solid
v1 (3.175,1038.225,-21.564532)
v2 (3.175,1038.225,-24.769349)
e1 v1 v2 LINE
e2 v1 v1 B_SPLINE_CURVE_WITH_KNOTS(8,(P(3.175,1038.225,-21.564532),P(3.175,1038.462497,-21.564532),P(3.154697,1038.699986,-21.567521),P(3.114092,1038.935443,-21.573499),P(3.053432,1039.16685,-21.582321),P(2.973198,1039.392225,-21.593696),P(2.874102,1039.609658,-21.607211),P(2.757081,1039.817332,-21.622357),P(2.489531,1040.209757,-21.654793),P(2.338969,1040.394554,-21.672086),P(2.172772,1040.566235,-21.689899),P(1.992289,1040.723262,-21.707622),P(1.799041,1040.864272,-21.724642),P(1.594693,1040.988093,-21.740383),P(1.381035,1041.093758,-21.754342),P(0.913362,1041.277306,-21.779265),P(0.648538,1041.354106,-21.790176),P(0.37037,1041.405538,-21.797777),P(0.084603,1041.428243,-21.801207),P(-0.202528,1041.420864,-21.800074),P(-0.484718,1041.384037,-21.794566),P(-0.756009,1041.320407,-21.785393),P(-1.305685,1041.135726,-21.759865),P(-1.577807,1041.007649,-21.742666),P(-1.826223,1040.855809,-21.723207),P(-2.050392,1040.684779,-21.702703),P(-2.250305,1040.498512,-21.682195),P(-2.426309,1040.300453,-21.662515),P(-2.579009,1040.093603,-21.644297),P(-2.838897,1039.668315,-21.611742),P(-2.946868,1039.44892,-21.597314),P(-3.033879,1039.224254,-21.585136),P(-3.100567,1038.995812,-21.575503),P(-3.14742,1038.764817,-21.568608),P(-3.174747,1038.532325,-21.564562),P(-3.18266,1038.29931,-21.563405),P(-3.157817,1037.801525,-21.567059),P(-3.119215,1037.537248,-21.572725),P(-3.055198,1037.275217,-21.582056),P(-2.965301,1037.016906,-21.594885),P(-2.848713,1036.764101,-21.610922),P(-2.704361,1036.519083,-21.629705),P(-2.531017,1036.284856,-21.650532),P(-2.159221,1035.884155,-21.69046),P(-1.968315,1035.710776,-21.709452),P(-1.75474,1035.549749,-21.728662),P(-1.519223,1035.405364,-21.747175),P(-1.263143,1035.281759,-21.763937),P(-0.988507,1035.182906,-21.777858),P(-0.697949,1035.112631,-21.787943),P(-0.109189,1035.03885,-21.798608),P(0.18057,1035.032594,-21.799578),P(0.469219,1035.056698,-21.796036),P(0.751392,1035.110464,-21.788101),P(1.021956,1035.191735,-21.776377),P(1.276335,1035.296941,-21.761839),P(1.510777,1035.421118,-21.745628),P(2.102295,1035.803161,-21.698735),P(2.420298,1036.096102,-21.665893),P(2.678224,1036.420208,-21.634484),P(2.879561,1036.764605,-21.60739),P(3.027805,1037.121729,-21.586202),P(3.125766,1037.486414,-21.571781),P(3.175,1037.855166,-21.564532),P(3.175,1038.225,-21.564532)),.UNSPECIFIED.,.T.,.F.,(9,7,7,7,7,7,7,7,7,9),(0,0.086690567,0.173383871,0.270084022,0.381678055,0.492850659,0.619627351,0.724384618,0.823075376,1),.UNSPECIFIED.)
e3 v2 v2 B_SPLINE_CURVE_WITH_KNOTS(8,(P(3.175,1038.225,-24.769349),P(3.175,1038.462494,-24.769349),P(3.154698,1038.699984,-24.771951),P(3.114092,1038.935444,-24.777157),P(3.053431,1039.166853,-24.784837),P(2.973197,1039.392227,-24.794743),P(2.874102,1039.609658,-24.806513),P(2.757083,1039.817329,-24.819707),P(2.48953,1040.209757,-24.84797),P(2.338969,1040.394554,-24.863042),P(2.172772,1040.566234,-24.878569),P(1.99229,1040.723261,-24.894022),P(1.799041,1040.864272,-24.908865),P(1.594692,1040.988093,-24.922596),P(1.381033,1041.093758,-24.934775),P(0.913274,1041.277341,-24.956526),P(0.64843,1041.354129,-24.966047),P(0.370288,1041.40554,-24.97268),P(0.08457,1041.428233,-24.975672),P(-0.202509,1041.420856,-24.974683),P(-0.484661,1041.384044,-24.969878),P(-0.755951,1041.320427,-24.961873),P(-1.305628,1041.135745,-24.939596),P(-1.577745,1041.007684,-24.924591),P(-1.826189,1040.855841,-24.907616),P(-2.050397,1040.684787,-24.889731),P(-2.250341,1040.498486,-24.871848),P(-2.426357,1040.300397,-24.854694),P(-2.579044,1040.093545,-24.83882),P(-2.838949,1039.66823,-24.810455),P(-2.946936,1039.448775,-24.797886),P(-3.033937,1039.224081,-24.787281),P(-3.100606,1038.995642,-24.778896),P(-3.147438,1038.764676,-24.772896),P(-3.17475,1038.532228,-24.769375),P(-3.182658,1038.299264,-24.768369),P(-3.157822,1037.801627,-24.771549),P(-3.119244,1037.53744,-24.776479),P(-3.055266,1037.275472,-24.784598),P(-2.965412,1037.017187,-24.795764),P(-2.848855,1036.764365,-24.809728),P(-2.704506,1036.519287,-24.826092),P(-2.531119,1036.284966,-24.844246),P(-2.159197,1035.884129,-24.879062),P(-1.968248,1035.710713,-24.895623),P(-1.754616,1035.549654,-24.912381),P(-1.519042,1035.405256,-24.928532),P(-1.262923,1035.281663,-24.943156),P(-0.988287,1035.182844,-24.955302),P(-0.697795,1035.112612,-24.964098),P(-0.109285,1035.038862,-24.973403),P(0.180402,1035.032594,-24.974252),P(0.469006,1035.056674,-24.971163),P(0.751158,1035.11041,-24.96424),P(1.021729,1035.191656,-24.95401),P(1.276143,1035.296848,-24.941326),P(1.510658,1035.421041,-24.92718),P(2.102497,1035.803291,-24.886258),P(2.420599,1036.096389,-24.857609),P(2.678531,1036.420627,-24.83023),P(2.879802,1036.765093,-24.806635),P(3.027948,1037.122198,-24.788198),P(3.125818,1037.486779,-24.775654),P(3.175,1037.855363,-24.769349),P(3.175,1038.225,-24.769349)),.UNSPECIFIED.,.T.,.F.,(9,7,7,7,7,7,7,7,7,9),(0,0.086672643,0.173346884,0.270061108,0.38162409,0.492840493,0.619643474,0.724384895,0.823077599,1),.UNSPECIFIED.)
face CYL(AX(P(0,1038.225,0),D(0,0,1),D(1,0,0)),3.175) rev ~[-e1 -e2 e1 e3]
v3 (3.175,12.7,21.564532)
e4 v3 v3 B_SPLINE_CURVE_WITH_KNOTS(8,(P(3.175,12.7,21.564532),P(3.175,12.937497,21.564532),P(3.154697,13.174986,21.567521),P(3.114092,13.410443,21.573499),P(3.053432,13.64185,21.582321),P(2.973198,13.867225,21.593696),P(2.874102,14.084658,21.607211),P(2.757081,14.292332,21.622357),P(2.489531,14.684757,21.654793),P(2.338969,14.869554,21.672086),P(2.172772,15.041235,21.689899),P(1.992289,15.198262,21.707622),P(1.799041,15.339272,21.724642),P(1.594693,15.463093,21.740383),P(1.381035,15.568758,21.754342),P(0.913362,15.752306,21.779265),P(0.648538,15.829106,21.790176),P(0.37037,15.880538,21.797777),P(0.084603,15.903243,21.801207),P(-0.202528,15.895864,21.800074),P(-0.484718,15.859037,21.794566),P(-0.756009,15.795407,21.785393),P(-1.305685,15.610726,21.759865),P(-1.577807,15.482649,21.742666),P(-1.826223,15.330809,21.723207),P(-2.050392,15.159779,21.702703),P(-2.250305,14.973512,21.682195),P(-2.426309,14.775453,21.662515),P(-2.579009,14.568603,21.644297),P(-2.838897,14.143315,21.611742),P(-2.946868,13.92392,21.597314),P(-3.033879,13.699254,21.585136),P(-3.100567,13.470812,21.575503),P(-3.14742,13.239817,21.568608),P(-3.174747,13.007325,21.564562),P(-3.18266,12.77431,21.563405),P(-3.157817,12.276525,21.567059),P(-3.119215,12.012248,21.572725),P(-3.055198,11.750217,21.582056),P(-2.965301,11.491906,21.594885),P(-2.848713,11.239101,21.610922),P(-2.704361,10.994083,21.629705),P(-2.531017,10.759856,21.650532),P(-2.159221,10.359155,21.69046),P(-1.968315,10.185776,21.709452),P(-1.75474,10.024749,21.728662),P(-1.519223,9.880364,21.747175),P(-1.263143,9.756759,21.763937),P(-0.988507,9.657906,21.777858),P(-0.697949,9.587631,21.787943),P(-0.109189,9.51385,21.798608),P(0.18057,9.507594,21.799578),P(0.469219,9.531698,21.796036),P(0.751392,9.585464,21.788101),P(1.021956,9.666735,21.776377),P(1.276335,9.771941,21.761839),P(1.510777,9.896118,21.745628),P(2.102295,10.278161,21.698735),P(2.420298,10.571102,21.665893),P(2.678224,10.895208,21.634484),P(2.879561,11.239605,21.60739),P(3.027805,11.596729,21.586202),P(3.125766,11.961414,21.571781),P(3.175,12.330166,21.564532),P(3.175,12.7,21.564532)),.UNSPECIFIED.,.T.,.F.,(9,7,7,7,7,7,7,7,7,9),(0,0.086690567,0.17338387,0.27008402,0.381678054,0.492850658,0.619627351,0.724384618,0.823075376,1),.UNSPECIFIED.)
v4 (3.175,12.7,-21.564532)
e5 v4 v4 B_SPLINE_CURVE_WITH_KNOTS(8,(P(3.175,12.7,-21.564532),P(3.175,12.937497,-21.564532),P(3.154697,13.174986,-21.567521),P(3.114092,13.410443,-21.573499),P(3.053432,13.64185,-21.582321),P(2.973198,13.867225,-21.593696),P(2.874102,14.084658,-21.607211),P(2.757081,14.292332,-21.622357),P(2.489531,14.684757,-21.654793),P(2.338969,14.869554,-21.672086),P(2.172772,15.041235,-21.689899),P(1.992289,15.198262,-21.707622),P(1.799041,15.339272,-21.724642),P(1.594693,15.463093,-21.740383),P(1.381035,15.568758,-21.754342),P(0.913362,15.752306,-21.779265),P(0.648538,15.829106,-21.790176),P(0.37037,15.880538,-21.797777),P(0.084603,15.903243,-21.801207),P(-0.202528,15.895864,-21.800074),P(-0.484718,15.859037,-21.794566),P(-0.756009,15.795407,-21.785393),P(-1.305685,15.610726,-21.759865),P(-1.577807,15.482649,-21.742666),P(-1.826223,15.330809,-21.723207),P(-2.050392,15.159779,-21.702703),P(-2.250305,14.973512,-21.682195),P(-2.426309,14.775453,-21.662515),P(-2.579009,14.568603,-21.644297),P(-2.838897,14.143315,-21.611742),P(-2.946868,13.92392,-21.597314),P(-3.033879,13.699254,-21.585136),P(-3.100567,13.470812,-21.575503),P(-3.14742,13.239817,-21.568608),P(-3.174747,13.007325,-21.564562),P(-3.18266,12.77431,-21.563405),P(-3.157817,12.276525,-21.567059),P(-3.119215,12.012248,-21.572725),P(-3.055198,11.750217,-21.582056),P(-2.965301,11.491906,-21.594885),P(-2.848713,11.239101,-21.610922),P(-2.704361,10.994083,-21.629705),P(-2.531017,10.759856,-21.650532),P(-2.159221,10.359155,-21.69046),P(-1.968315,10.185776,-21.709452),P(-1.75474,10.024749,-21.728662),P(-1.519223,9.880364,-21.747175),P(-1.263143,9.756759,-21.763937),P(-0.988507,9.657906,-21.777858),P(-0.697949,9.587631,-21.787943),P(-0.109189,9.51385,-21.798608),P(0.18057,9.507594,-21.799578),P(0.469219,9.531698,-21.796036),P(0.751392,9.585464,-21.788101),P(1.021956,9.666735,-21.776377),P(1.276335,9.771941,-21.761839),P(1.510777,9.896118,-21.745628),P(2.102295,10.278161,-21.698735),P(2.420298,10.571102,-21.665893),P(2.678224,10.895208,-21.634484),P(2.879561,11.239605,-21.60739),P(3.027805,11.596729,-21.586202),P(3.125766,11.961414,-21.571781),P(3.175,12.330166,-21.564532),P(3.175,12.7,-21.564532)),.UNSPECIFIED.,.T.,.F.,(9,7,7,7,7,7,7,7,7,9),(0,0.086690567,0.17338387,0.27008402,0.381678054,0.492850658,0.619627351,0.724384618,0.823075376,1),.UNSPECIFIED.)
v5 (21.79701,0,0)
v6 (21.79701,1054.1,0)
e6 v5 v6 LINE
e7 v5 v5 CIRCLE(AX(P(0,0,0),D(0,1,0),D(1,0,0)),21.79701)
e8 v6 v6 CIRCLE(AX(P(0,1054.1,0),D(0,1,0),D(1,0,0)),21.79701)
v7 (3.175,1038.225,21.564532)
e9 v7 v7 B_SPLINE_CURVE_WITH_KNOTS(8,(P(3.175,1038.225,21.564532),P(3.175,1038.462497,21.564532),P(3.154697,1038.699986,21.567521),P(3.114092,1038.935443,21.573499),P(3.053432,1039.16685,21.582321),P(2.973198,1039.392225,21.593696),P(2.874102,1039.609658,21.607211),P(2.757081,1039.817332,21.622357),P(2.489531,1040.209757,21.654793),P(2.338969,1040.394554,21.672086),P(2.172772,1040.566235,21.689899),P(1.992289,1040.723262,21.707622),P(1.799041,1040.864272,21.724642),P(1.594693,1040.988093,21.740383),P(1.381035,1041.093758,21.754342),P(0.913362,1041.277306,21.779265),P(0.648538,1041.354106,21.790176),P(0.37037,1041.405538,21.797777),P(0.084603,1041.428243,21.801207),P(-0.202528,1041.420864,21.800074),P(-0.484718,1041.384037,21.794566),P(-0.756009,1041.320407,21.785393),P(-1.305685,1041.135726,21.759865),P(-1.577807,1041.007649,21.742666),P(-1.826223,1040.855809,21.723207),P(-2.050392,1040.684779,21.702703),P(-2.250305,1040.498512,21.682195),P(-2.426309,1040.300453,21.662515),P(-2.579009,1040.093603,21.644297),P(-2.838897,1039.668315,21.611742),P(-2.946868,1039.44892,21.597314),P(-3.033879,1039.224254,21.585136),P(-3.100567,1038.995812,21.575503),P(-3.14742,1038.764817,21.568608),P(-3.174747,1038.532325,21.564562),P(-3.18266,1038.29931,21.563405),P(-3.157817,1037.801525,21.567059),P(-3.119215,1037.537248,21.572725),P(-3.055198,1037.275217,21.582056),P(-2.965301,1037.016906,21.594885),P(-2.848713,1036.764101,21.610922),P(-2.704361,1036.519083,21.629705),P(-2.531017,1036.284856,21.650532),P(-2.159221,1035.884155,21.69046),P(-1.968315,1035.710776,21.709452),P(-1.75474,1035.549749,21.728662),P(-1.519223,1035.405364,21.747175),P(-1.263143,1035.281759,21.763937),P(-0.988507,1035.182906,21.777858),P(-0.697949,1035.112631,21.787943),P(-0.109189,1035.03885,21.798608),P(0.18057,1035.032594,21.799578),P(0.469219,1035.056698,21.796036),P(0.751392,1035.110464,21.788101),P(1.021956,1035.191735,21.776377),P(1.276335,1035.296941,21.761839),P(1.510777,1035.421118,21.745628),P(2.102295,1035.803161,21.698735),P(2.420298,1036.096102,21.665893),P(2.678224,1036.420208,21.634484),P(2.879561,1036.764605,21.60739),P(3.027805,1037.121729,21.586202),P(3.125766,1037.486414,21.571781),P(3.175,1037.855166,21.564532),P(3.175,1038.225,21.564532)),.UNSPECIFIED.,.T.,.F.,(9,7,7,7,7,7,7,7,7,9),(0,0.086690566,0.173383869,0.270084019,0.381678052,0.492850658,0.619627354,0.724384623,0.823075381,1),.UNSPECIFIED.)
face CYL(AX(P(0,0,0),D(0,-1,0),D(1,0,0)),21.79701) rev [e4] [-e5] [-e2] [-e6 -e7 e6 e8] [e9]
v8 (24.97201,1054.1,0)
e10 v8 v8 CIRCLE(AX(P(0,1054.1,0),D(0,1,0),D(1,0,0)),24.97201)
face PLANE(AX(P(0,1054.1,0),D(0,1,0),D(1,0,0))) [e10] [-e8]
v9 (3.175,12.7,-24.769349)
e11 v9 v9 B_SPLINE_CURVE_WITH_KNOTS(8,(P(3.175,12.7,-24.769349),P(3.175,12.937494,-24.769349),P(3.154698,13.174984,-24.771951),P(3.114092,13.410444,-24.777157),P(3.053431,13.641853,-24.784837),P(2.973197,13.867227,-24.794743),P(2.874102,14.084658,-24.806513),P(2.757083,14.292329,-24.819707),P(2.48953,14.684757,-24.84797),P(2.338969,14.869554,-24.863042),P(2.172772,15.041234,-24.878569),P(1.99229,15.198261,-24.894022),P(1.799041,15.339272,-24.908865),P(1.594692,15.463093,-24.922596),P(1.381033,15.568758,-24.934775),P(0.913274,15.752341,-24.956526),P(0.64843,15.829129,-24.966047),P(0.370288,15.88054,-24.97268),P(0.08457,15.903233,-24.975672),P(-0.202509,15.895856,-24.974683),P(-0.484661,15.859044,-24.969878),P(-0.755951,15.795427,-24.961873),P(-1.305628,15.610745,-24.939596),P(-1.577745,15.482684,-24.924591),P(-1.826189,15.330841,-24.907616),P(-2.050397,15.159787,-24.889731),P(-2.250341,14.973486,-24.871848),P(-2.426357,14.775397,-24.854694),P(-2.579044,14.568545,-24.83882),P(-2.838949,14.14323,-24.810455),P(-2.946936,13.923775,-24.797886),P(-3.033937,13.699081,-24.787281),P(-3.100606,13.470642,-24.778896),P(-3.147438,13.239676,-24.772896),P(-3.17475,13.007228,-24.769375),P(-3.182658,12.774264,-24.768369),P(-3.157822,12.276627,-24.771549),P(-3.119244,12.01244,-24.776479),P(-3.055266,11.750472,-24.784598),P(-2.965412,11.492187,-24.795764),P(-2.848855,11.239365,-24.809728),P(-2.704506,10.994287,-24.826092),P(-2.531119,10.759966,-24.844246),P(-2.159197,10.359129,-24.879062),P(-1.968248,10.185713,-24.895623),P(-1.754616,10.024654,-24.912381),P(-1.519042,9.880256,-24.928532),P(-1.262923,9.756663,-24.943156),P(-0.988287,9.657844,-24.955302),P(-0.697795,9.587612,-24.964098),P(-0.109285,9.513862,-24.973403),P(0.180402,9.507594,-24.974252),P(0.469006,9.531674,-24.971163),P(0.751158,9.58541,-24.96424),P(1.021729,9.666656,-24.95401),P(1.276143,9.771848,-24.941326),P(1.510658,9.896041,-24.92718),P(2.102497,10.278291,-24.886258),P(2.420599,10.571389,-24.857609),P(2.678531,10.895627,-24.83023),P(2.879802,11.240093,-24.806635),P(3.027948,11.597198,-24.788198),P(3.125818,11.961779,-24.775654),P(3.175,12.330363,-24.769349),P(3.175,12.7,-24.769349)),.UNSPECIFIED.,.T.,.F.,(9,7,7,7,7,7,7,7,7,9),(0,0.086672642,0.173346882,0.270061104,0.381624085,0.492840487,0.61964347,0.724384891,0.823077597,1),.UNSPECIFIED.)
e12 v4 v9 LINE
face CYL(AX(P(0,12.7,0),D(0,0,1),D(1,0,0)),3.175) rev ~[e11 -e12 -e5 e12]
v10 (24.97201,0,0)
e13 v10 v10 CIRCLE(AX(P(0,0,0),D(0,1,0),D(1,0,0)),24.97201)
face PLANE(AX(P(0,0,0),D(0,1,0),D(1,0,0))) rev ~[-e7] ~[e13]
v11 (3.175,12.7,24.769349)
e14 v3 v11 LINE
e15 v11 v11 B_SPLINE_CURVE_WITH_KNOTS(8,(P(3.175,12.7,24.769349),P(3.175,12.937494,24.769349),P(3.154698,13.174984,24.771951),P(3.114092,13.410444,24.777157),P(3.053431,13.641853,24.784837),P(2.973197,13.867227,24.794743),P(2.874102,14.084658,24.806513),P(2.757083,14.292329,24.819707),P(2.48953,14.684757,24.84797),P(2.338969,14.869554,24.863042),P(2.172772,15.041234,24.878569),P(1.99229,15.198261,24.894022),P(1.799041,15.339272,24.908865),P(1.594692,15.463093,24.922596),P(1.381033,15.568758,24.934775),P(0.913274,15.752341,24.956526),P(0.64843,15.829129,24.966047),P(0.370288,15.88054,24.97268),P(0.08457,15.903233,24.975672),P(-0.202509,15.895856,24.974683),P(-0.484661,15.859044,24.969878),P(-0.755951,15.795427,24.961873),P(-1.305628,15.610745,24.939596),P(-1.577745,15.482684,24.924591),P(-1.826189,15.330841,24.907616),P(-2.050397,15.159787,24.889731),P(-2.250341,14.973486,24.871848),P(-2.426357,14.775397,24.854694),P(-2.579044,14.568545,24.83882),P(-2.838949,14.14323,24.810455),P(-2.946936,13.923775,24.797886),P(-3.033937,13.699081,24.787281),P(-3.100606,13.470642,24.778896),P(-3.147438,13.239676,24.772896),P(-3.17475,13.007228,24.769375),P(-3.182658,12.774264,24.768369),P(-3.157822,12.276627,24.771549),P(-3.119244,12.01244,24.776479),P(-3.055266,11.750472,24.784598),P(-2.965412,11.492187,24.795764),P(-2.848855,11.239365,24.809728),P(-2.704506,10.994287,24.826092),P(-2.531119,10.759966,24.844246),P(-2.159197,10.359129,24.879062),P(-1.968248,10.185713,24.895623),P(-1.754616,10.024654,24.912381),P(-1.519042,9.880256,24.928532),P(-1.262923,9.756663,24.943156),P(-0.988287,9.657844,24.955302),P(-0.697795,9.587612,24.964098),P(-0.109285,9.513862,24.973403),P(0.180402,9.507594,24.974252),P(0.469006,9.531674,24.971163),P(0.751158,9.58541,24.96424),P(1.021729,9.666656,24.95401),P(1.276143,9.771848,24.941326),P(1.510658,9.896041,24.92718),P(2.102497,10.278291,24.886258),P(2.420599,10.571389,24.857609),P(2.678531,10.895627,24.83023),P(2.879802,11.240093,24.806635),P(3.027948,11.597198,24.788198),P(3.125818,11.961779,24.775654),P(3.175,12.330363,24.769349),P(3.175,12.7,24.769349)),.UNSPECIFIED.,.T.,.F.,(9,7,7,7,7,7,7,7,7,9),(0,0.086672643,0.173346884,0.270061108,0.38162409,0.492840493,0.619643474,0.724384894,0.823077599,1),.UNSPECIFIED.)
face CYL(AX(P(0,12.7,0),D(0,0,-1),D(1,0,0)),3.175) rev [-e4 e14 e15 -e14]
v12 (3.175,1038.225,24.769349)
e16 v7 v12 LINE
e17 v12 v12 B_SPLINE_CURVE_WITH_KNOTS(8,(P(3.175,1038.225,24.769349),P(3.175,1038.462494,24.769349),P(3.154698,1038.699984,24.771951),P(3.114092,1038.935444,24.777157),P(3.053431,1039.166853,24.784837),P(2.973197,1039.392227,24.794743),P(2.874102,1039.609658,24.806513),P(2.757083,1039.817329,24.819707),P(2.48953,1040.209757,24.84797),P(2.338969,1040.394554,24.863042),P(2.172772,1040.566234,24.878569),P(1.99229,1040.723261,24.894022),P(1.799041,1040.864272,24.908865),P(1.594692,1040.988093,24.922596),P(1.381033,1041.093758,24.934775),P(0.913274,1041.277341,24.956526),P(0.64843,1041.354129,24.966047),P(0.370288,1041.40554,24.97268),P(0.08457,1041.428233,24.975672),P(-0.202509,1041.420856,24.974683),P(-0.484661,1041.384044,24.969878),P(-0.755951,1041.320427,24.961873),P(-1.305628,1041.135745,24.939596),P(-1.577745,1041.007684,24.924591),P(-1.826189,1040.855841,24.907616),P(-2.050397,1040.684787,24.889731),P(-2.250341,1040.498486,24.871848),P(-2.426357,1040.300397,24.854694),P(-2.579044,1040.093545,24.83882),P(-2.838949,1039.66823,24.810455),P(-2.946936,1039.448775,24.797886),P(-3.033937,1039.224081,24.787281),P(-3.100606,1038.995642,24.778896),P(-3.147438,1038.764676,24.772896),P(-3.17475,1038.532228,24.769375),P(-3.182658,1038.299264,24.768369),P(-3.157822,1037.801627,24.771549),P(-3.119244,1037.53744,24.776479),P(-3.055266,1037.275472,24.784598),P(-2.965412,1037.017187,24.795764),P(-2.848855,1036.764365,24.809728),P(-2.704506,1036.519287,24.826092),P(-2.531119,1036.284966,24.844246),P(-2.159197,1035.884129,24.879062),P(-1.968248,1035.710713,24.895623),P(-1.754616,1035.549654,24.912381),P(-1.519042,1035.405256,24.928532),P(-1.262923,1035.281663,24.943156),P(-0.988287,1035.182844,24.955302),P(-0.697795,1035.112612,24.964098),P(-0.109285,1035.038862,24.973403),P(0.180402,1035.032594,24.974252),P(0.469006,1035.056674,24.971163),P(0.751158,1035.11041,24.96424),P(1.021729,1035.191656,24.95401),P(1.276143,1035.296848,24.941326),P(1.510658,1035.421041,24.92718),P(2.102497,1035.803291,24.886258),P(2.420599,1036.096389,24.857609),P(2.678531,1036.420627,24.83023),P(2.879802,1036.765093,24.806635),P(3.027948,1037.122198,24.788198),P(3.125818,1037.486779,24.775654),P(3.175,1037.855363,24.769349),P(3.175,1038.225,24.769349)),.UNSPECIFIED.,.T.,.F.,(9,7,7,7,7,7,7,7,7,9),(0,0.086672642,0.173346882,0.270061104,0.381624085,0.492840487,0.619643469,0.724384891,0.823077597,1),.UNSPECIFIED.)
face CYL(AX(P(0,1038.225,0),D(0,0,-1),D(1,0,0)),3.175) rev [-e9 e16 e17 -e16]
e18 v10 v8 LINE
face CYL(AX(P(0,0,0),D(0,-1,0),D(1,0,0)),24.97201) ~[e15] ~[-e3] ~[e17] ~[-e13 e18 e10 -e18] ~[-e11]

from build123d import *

# Parameters (mm, degrees)
SKETCH2_R               = 24.97201
SKETCH2_R_2             = 21.79701
EXTRUDE_THIN1_DEPTH     = 1054.1
SKETCH3_R               = 3.175
CUT_EXTRUDE2_DEPTH      = 25.97201
CUT_EXTRUDE2_DEPTH_BACK = 25.97201


with BuildPart() as part:
    # Sketch2 → Extrude-Thin1 (new body)
    with BuildSketch(Plane(origin=(0, 0, 0), x_dir=(1, 0, 0), z_dir=(0, 1, 0))):
        Circle(SKETCH2_R)
        Circle(SKETCH2_R_2, mode=Mode.SUBTRACT)
    extrude(amount=EXTRUDE_THIN1_DEPTH)

    # Sketch3 → Cut-Extrude2 (cut, two sides)
    with BuildSketch(Plane.XY) as cut_extrude2_sk:
        with Locations((0, 12.7)):
            Circle(SKETCH3_R)
        with Locations((0, 1038.225)):
            Circle(SKETCH3_R)
    extrude(amount=CUT_EXTRUDE2_DEPTH, mode=Mode.SUBTRACT)
    extrude(cut_extrude2_sk.sketch, amount=-CUT_EXTRUDE2_DEPTH_BACK, mode=Mode.SUBTRACT)


solid = part.part
